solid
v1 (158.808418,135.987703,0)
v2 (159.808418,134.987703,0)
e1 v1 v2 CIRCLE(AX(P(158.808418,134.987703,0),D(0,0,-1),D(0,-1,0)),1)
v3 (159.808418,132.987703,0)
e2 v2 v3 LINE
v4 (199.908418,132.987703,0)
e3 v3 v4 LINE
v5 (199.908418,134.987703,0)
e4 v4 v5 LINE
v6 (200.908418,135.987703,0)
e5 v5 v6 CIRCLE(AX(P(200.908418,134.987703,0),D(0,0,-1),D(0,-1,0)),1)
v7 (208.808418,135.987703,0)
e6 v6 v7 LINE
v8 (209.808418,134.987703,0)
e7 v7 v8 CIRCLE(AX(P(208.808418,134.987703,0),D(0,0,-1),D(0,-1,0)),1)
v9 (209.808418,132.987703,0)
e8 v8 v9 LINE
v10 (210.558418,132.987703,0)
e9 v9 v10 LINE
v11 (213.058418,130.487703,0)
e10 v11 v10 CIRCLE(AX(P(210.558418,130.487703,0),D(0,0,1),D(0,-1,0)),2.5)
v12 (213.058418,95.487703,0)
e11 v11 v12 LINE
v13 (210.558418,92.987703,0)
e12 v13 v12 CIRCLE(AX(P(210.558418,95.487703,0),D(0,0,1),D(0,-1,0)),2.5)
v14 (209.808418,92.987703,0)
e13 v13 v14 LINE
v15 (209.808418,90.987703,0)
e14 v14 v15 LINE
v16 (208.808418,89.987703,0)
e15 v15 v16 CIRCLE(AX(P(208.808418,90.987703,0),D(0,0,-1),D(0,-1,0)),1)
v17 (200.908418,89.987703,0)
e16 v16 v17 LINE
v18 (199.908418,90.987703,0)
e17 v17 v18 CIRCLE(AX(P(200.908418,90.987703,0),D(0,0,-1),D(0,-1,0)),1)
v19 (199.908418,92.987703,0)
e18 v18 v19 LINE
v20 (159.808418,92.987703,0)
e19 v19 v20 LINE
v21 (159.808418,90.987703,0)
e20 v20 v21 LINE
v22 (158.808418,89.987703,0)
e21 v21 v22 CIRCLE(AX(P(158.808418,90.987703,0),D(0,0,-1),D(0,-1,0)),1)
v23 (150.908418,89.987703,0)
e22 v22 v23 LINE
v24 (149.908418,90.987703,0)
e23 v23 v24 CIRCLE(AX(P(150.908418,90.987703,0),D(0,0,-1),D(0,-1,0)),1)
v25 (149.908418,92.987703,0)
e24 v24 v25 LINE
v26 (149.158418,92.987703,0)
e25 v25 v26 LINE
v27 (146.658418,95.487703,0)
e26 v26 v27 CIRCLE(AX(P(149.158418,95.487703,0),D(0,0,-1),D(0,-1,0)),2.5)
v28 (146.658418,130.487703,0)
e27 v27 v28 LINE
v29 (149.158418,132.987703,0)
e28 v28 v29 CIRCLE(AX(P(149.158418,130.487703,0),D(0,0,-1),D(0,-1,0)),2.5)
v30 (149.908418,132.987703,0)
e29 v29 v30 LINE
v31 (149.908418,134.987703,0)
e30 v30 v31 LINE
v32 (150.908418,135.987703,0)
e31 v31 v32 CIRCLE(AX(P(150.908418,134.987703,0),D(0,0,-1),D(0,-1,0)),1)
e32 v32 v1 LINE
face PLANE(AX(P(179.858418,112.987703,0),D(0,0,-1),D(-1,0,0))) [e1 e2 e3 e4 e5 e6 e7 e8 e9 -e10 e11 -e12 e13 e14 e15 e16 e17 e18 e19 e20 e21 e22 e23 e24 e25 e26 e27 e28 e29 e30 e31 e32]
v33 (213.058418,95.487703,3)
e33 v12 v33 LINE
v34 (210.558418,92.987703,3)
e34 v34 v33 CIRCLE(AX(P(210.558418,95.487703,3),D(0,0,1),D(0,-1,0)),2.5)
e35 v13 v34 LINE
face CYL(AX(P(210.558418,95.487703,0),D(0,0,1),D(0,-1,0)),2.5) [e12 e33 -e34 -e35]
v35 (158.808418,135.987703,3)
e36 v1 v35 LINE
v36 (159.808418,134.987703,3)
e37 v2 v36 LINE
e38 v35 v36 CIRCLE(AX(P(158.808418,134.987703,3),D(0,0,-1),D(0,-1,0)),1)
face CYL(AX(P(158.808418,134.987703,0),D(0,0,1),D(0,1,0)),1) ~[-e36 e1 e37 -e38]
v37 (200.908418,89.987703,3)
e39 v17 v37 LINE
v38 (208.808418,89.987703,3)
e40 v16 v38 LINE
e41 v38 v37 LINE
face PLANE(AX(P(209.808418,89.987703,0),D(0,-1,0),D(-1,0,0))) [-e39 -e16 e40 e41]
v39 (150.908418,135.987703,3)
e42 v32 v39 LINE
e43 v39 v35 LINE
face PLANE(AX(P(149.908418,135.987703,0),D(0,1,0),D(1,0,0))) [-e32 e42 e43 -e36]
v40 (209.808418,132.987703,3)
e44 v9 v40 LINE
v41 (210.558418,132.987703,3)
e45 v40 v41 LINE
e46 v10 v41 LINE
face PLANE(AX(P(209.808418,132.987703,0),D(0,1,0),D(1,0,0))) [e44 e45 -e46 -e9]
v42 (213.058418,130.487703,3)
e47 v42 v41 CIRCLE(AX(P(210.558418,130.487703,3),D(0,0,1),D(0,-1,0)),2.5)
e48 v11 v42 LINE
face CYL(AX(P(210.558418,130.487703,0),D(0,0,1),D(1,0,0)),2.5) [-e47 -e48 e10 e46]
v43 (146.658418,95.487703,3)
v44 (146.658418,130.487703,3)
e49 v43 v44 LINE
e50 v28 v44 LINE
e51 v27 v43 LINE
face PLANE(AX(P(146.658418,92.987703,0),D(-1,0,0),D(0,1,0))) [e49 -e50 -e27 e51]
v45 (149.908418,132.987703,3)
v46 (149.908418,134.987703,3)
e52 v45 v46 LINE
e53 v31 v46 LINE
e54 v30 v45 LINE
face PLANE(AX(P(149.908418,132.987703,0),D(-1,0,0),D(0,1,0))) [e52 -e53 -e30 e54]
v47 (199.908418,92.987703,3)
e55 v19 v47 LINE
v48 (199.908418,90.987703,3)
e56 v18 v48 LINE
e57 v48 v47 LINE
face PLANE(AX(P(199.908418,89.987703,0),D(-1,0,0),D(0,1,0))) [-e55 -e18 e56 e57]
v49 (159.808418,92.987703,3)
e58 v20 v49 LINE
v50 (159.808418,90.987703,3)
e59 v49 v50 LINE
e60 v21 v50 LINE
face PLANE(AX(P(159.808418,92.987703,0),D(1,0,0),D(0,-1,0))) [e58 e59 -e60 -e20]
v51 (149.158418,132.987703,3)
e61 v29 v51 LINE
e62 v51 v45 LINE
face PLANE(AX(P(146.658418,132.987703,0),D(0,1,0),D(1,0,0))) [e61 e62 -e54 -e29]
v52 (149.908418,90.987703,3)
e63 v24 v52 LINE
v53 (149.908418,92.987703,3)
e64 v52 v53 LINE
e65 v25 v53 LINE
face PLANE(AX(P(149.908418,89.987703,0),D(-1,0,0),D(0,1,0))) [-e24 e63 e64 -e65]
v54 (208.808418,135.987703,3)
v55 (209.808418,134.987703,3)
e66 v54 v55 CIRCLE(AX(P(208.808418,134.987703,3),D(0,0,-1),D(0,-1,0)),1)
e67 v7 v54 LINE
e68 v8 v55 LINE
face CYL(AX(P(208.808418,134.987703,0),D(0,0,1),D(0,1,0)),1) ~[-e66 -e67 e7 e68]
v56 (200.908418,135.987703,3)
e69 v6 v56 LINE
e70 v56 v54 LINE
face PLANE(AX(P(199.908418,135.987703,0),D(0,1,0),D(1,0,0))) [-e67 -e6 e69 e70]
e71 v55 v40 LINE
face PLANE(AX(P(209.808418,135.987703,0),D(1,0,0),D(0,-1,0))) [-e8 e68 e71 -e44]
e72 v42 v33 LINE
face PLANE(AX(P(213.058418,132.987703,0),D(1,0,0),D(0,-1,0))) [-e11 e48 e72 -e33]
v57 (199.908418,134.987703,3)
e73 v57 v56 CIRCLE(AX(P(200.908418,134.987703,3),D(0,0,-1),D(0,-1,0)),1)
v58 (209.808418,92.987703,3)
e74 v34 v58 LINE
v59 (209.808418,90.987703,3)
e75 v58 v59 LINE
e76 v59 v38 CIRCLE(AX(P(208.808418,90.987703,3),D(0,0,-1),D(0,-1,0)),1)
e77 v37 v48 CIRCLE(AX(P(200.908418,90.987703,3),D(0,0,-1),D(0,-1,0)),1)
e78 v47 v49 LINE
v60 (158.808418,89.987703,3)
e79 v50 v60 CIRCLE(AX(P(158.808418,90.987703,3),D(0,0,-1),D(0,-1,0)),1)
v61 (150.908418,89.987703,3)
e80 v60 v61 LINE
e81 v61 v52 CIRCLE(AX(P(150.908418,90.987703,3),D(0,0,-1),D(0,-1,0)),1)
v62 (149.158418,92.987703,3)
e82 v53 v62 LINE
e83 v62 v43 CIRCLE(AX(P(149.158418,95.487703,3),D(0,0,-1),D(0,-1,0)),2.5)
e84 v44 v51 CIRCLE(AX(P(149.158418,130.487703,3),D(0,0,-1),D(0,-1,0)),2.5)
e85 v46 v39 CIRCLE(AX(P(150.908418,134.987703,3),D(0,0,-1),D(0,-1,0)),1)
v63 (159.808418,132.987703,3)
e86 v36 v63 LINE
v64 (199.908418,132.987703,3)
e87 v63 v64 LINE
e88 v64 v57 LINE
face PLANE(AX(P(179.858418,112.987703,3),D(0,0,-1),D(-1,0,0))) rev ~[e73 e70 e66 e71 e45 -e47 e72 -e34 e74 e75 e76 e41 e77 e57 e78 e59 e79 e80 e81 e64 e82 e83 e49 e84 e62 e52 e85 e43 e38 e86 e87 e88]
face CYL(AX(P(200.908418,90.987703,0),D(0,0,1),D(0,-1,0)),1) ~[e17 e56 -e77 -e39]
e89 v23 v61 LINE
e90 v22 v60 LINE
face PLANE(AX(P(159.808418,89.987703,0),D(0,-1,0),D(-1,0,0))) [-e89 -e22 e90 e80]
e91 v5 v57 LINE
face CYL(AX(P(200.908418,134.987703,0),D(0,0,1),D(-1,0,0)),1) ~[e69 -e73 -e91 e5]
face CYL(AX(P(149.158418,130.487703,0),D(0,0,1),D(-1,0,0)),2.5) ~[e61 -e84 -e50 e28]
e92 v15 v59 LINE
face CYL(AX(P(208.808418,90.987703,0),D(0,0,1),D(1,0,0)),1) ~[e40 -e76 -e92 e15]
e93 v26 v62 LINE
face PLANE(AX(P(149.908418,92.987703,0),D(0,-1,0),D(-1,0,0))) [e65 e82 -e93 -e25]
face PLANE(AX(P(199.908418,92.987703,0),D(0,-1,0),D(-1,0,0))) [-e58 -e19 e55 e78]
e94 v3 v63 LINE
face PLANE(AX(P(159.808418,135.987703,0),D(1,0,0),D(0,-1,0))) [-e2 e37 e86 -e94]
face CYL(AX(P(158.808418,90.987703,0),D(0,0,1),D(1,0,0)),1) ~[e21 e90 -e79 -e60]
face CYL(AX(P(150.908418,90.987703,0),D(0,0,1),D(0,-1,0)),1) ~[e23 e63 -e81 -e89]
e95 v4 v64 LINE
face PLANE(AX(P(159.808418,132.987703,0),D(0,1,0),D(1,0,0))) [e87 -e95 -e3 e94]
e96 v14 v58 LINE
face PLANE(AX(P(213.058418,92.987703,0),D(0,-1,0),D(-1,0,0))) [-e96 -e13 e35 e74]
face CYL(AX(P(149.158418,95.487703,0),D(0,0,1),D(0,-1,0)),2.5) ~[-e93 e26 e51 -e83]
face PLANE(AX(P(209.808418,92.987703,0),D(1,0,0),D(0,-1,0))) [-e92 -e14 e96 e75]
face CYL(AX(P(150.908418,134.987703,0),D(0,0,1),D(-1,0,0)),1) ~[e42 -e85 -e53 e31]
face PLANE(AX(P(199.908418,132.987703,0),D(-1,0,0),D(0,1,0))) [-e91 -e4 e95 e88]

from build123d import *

# Parameters (mm, degrees)
PAD_DEPTH   = 3
FILLET_R    = 1
FILLET001_R = 2.5


with BuildPart() as part:
    # Sketch → Pad (new body)
    with BuildSketch(Plane.XY):
        Polygon((13.058418, 32.987703), (13.058418, -7.012297), (9.808418, -7.012297), (9.808418, -10.012297), (-0.091582, -10.012297), (-0.091582, -7.012297), (-40.191582, -7.012297), (-40.191582, -10.012297), (-50.091582, -10.012297), (-50.091582, -7.012297), (-53.341582, -7.012297), (-53.341582, 32.987703), (-50.091582, 32.987703), (-50.091582, 35.987703), (-40.191582, 35.987703), (-40.191582, 32.987703), (-0.091582, 32.987703), (-0.091582, 35.987703), (9.808418, 35.987703), (9.808418, 32.987703), align=None)
    extrude(amount=PAD_DEPTH)

    # Fillet
    fillet_edges = [part.edges().sort_by_distance(p)[0] for p in [
        (-50.091582, 35.987703, 1.5),
        (-40.191582, 35.987703, 1.5),
        (-0.091582, 35.987703, 1.5),
        (9.808418, 35.987703, 1.5),
        (9.808418, -10.012297, 1.5),
        (-0.091582, -10.012297, 1.5),
        (-40.191582, -10.012297, 1.5),
        (-50.091582, -10.012297, 1.5),
    ]]
    fillet(fillet_edges, radius=FILLET_R)

    # Fillet001
    fillet001_edges = [part.edges().sort_by_distance(p)[0] for p in [
        (-53.341582, 32.987703, 1.5),
        (-53.341582, -7.012297, 1.5),
        (13.058418, 32.987703, 1.5),
        (13.058418, -7.012297, 1.5),
    ]]
    fillet(fillet001_edges, radius=FILLET001_R)


with BuildPart() as part_1:
    # Fillet001 placement: moved
    add(part.part.moved(Location((200, 100, 0))))


solid = part_1.part
